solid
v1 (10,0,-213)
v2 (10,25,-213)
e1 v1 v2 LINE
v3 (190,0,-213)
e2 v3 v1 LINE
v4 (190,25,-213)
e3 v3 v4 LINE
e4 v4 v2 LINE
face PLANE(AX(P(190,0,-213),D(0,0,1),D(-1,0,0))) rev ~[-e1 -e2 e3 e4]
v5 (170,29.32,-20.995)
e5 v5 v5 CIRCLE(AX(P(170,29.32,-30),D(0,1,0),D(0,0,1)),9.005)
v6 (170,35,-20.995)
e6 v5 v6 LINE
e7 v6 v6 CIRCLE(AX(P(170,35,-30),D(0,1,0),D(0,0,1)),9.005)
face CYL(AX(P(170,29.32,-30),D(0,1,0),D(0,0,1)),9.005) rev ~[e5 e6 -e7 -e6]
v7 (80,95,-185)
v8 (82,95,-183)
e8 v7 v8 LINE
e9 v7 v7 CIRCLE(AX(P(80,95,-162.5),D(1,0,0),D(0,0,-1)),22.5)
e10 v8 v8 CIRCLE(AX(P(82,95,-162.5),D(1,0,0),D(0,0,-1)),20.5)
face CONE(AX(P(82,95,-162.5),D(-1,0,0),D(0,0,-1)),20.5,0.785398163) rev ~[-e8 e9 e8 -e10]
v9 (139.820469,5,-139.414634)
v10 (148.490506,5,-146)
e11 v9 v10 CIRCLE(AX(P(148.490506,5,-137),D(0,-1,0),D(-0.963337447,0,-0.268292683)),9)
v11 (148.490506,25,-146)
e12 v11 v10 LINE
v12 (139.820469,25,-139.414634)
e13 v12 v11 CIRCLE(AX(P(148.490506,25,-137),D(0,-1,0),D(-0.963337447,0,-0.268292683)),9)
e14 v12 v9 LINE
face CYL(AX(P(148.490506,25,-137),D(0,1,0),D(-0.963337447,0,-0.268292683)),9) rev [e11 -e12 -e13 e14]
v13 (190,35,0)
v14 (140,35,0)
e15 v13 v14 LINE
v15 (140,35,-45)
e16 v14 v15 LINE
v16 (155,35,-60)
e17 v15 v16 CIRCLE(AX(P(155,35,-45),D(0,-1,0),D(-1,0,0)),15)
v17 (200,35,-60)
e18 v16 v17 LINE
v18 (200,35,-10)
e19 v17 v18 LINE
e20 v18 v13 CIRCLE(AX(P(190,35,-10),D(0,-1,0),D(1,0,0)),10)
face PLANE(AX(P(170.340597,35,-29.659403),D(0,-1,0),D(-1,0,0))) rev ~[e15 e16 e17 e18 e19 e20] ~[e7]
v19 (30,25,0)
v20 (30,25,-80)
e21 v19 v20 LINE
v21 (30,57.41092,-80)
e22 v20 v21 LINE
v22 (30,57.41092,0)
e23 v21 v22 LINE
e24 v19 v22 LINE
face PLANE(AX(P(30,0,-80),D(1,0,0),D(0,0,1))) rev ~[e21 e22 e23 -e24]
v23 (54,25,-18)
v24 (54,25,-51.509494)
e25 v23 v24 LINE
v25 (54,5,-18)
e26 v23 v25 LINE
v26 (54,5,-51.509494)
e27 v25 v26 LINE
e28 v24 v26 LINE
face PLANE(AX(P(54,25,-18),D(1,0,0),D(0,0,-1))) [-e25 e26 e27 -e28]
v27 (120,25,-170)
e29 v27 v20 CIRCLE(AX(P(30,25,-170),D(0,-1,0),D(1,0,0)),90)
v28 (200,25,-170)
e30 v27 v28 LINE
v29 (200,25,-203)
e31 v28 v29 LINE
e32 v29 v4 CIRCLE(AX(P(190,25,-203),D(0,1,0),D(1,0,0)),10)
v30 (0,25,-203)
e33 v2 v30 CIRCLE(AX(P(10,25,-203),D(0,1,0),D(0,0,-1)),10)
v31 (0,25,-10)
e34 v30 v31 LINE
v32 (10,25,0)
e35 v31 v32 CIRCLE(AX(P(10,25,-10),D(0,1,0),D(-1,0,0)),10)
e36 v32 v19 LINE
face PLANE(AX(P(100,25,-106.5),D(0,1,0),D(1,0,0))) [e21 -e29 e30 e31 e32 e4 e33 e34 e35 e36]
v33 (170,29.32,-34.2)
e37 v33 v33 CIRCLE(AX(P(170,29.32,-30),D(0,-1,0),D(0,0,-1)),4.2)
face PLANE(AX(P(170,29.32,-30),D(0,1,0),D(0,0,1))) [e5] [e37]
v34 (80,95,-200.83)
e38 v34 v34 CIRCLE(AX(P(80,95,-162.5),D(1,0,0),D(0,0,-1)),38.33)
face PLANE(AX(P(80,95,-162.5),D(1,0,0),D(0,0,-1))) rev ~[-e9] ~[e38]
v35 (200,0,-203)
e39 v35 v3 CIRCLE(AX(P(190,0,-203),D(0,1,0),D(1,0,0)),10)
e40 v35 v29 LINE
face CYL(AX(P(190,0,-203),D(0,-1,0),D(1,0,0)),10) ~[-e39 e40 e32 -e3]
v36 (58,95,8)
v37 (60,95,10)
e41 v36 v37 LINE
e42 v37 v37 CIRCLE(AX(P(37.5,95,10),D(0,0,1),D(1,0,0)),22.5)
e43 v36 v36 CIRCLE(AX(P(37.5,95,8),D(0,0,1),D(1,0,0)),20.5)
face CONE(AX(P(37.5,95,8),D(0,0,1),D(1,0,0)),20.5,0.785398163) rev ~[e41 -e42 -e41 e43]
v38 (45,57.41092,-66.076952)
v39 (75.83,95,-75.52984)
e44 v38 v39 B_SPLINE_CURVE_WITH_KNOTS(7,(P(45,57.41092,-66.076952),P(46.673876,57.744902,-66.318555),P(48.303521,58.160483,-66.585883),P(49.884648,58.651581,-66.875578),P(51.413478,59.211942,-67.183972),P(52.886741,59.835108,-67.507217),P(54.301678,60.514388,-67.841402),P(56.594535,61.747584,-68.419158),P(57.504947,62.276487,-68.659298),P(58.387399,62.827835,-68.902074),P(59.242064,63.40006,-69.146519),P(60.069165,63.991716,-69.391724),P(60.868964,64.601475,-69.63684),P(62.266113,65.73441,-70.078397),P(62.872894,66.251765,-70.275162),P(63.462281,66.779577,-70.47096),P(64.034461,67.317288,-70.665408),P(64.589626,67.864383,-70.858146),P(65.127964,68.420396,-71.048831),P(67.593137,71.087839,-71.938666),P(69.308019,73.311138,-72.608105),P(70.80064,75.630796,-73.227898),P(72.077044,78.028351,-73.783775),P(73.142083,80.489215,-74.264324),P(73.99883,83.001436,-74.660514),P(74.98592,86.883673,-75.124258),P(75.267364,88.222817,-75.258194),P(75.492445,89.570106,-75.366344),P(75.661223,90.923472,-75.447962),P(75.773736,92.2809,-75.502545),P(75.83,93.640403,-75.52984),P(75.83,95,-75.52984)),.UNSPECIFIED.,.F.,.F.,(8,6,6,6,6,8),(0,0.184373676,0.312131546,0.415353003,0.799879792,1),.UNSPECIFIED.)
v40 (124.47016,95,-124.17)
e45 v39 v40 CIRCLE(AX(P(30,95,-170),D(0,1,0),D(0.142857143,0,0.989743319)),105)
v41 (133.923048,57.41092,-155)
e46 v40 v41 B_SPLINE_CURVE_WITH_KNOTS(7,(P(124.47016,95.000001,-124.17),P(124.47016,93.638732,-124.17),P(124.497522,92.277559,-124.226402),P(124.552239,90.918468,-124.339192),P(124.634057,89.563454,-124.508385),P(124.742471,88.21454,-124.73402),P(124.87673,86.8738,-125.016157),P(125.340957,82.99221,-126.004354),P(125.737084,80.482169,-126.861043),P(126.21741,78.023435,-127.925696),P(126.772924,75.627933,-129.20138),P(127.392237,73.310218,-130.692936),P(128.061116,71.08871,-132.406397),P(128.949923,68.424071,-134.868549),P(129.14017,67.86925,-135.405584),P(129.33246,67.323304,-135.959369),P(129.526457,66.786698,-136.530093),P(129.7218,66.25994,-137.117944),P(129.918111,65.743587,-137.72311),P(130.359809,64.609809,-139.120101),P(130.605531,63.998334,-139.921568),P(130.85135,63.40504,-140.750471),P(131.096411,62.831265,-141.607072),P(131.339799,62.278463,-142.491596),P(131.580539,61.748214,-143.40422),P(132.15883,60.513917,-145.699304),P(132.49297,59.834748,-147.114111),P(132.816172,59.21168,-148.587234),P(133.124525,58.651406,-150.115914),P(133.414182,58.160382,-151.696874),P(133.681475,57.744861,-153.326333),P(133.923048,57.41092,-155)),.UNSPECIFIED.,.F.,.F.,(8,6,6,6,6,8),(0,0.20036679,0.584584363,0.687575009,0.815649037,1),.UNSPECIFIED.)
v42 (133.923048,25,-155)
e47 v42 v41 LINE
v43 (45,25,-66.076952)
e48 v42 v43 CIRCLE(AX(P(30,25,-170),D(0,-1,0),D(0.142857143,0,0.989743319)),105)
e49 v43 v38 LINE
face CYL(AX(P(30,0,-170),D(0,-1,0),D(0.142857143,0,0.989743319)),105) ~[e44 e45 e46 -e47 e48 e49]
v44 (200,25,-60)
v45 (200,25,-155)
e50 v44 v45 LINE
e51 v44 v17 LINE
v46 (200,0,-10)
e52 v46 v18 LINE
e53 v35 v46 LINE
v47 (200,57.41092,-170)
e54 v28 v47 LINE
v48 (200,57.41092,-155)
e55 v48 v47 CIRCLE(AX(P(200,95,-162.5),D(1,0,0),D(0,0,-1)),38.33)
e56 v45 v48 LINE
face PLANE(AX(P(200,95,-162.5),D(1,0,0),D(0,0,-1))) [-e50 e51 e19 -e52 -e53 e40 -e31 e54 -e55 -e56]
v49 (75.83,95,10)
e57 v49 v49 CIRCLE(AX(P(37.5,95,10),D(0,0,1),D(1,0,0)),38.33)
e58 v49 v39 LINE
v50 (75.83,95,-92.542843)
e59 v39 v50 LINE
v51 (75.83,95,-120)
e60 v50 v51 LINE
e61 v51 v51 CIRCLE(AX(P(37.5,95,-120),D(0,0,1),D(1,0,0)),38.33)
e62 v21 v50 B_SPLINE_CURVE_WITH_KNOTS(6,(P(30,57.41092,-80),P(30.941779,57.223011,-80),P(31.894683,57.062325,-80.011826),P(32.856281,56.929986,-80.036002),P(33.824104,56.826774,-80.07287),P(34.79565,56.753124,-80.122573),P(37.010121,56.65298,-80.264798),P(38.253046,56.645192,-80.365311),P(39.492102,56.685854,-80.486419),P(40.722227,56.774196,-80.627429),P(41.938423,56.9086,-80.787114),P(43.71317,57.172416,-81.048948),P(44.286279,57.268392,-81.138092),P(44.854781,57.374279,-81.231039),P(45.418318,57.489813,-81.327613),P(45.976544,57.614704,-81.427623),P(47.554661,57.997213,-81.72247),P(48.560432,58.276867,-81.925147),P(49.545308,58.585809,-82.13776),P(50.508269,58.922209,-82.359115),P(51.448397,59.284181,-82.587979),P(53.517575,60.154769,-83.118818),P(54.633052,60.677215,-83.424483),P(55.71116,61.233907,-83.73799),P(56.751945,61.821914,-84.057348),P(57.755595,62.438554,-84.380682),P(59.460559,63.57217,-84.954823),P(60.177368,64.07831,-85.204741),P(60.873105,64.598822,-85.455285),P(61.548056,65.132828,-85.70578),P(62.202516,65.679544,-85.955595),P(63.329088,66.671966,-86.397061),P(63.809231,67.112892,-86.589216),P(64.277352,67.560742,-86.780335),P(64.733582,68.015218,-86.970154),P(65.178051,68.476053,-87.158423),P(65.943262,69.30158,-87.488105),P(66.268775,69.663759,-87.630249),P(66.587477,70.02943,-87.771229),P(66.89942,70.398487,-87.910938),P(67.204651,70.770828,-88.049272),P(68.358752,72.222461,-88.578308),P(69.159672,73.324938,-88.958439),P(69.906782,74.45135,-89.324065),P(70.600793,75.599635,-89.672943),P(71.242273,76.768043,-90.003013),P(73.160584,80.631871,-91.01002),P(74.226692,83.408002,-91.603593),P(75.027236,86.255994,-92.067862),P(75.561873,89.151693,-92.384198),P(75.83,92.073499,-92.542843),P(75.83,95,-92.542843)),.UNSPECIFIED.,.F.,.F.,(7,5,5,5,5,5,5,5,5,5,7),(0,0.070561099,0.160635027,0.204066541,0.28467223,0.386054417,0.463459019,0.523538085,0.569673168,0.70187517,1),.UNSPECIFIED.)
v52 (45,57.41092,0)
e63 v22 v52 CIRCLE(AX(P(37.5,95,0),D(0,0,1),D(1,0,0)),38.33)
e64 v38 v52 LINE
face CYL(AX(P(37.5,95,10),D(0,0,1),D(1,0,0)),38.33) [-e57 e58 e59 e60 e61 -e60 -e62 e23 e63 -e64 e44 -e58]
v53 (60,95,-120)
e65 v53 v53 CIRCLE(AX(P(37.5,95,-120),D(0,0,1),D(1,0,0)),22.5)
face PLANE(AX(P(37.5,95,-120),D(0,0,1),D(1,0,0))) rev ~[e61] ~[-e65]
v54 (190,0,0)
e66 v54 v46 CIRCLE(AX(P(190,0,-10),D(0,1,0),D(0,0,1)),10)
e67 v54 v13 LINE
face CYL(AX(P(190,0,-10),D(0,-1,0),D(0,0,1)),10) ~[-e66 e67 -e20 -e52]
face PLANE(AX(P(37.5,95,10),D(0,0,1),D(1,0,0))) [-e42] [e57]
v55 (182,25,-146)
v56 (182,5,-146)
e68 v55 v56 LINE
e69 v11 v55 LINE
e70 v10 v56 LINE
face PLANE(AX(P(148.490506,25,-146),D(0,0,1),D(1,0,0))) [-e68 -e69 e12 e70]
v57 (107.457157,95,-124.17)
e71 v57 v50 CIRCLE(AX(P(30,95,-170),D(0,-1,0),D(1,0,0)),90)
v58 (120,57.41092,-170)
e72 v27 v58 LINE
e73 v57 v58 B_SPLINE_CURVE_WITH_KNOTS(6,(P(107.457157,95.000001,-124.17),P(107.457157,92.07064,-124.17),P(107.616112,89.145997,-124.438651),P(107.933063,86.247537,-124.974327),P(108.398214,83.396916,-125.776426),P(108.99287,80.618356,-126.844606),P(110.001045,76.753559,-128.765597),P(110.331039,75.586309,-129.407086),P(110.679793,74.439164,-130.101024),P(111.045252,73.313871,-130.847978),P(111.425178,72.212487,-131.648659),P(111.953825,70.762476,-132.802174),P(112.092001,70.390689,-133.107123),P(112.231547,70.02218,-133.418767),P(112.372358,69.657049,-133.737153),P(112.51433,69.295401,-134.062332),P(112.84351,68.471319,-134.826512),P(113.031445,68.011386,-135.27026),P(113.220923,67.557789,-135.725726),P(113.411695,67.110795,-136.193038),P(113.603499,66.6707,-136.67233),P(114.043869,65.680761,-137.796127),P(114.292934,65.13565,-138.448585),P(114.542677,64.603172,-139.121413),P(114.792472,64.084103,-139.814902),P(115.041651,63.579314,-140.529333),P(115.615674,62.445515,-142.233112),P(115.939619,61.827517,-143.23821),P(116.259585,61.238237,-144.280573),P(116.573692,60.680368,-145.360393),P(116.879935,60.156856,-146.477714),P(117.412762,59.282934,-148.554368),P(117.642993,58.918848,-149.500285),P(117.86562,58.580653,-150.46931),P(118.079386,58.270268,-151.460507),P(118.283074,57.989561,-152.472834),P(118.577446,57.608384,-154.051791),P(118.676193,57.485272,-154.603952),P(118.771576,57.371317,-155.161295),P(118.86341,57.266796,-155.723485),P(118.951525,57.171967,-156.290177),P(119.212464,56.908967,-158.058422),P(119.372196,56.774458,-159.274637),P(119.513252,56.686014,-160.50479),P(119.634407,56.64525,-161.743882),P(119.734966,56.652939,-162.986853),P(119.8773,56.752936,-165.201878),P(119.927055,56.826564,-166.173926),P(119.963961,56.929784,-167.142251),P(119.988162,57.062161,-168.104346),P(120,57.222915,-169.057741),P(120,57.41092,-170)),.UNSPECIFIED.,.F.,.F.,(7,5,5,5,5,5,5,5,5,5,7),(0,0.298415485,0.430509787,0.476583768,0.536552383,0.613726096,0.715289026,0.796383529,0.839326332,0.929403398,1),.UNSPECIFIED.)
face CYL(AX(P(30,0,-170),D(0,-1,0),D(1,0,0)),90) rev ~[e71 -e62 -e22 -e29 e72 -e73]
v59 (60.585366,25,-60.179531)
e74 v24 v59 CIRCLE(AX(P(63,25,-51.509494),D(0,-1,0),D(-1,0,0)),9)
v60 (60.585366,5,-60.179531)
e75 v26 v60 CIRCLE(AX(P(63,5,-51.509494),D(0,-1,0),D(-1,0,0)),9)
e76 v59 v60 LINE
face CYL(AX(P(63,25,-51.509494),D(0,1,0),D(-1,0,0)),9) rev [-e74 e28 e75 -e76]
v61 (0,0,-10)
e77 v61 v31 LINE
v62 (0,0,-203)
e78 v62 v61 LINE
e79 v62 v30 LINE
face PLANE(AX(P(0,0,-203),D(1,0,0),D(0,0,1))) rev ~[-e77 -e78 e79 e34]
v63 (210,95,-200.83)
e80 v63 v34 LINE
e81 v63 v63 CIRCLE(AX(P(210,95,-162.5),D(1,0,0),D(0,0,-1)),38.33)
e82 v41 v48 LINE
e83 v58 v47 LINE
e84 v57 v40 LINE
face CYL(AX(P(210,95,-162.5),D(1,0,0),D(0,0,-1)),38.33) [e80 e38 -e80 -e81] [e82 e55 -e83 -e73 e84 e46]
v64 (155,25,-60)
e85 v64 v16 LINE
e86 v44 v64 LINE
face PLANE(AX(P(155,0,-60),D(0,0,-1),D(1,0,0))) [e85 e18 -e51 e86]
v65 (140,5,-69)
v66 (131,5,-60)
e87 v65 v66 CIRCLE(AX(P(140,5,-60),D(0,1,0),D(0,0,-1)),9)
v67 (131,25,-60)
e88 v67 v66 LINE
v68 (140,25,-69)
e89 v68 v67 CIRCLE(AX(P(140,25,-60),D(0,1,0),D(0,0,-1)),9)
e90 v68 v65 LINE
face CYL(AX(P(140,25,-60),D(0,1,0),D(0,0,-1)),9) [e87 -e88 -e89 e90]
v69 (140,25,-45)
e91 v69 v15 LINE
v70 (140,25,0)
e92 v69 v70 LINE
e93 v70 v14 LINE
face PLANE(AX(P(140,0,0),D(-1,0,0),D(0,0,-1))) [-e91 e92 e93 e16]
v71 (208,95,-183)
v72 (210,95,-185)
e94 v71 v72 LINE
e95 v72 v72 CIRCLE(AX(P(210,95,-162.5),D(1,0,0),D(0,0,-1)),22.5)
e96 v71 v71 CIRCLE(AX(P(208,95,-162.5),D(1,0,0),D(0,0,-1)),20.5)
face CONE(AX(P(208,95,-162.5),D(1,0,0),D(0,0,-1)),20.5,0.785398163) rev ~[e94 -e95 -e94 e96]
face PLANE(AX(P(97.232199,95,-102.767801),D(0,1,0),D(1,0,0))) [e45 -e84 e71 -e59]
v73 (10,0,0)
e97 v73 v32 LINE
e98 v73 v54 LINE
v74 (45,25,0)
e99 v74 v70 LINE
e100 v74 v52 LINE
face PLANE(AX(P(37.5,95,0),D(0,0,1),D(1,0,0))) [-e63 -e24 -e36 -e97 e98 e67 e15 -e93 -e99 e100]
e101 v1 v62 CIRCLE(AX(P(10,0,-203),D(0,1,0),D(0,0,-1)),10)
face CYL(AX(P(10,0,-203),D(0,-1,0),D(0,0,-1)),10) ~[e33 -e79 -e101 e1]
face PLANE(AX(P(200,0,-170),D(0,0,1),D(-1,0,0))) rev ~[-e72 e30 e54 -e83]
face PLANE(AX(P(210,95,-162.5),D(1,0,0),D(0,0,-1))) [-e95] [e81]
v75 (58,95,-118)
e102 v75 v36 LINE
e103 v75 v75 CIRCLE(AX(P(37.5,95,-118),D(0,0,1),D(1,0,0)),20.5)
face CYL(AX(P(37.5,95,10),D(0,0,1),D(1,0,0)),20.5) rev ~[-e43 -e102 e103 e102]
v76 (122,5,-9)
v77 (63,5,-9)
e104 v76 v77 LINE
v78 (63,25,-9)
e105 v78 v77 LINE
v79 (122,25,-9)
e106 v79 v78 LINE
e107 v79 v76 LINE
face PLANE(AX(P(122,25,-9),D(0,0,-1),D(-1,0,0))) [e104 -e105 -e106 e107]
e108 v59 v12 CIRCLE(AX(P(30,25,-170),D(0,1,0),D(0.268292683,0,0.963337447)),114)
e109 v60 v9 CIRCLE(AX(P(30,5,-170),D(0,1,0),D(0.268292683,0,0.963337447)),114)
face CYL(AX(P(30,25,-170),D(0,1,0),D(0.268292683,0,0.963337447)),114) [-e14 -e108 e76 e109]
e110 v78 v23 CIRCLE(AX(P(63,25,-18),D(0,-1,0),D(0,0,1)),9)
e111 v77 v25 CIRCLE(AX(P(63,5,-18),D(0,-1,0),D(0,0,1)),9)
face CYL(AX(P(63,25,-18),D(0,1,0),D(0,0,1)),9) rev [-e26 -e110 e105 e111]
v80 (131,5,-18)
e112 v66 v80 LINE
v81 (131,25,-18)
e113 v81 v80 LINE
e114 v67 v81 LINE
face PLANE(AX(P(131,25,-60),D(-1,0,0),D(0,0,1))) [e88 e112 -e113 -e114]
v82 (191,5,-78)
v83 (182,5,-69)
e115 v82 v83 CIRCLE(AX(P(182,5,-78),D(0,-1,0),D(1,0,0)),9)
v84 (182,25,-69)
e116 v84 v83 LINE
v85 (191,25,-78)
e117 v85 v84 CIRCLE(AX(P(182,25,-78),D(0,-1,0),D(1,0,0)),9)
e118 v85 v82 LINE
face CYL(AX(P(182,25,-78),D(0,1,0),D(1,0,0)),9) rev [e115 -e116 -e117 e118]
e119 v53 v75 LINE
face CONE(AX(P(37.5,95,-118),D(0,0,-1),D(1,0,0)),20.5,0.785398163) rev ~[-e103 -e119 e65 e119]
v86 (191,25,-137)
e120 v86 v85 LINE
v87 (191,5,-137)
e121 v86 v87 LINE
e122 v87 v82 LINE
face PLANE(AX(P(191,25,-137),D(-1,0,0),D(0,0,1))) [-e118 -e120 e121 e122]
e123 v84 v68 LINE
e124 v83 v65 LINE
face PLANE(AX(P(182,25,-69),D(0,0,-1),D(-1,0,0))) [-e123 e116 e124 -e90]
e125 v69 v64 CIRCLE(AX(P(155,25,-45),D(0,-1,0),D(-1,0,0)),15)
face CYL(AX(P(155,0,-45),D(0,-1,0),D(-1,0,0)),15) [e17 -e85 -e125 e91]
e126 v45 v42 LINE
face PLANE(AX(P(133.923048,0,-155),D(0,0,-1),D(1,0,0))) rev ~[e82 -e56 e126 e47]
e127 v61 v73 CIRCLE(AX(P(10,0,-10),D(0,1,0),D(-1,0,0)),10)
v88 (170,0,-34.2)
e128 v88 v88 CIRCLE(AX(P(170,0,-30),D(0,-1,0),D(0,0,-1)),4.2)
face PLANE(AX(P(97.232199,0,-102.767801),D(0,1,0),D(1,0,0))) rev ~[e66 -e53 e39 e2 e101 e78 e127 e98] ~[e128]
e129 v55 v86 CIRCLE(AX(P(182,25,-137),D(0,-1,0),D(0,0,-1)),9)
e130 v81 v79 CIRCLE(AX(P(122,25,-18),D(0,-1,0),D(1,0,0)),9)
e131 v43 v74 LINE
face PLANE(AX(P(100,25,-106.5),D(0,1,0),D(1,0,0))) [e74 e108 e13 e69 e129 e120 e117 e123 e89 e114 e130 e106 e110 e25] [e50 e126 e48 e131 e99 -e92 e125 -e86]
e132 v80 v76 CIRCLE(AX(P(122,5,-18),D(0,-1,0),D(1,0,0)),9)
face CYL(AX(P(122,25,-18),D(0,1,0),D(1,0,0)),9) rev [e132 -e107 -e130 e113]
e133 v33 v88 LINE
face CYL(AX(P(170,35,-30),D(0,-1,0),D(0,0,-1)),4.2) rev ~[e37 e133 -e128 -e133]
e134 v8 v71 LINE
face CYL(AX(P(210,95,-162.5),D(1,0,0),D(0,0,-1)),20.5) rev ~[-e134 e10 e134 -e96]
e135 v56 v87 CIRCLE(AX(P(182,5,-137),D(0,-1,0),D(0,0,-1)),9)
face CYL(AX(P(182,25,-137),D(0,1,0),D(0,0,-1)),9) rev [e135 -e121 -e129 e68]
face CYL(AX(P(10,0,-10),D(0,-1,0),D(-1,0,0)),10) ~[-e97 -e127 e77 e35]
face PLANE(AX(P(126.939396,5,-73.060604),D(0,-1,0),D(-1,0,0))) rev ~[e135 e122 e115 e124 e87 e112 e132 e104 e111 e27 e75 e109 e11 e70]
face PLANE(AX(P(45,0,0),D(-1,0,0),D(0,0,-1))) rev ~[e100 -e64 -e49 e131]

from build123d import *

# Parameters (mm, degrees)
BOSS_EXTRUDE1_DEPTH                     = 25
BOSS_EXTRUDE2_START                     = -25
BOSS_EXTRUDE2_DEPTH                     = 35
CBORE_FOR_M8_HEX_HEAD_BOLT2_D           = 8.4
CBORE_FOR_M8_HEX_HEAD_BOLT2_CBORE_D     = 18.01
CBORE_FOR_M8_HEX_HEAD_BOLT2_CBORE_DEPTH = 5.68
CUT_EXTRUDE1_DEPTH                      = 20
BOSS_EXTRUDE3_START                     = -25
BOSS_EXTRUDE3_DEPTH                     = 95
SKETCH10_R                              = 38.33
SKETCH10_R_2                            = 20.5
BOSS_EXTRUDE4_DEPTH                     = 120
CUT_EXTRUDE2_DEPTH                      = 130
SKETCH12_R                              = 38.33
SKETCH12_R_2                            = 20.5
BOSS_EXTRUDE5_DEPTH                     = 120
CUT_EXTRUDE3_DEPTH                      = 130
BOSS_EXTRUDE6_START                     = 10
SKETCH10_2_R                            = 38.33
SKETCH10_2_R_2                          = 20.5
BOSS_EXTRUDE6_DEPTH                     = 10
BOSS_EXTRUDE7_START                     = 10
SKETCH12_3_R                            = 38.33
SKETCH12_3_R_2                          = 20.5
BOSS_EXTRUDE7_DEPTH                     = 10
CHAMFER1_SIZE                           = 2


with BuildPart() as part:
    # Sketch1 → Boss-Extrude1 (new body)
    with BuildSketch(Plane(origin=(0, 0, 0), x_dir=(1, 0, 0), z_dir=(0, 1, 0))):
        with BuildLine():
            Line((10, 0), (190, 0))
            ThreePointArc((190, 0), (197.071067812, 2.928932188), (200, 10))
            Line((200, 10), (200, 203))
            ThreePointArc((200, 203), (197.071067812, 210.071067812), (190, 213))
            Line((190, 213), (10, 213))
            ThreePointArc((10, 213), (2.928932188, 210.071067812), (0, 203))
            Line((0, 203), (0, 10))
            ThreePointArc((0, 10), (2.928932188, 2.928932188), (10, 0))
        make_face()
    extrude(amount=BOSS_EXTRUDE1_DEPTH)

    # Sketch2 → Boss-Extrude2 (add)
    with BuildSketch(Plane(origin=(0, 25, 0), x_dir=(1, 0, 0), z_dir=(0, 1, 0)).offset(BOSS_EXTRUDE2_START)):
        with BuildLine():
            Line((155, 60), (200, 60))
            Line((200, 60), (200, 10))
            ThreePointArc((200, 10), (197.071067812, 2.928932188), (190, 0))
            Line((190, 0), (140, 0))
            Line((140, 0), (140, 45))
            ThreePointArc((140, 45), (144.393398282, 55.606601718), (155, 60))
        make_face()
    extrude(amount=BOSS_EXTRUDE2_DEPTH)

    # CBORE for M8 Hex Head Bolt2 (through all)
    with Locations(Plane(origin=(170, 35, -30), x_dir=(0, 0, 1), z_dir=(0, 1, 0))):
        with Locations((0, 0)):
            CounterBoreHole(CBORE_FOR_M8_HEX_HEAD_BOLT2_D / 2, CBORE_FOR_M8_HEX_HEAD_BOLT2_CBORE_D / 2, CBORE_FOR_M8_HEX_HEAD_BOLT2_CBORE_DEPTH)

    # Sketch9 → Cut-Extrude1 (cut)
    with BuildSketch(Plane(origin=(0, 25, 0), x_dir=(1, 0, 0), z_dir=(0, 1, 0))):
        with BuildLine():
            ThreePointArc((54, 51.509494051), (55.833002466, 56.953219461), (60.585365854, 60.179531072))
            ThreePointArc((60.585365854, 60.179531072), (110.610173055, 89.389826945), (139.820468928, 139.414634146))
            ThreePointArc((139.820468928, 139.414634146), (143.046780539, 144.166997534), (148.490505949, 146))
            Line((148.490505949, 146), (182, 146))
            ThreePointArc((182, 146), (188.363961031, 143.363961031), (191, 137))
            Line((191, 137), (191, 78))
            ThreePointArc((191, 78), (188.363961031, 71.636038969), (182, 69))
            Line((182, 69), (140, 69))
            ThreePointArc((140, 69), (133.636038969, 66.363961031), (131, 60))
            Line((131, 60), (131, 18))
            ThreePointArc((131, 18), (128.363961031, 11.636038969), (122, 9))
            Line((122, 9), (63, 9))
            ThreePointArc((63, 9), (56.636038969, 11.636038969), (54, 18))
            Line((54, 18), (54, 51.509494051))
        make_face()
    extrude(amount=-CUT_EXTRUDE1_DEPTH, mode=Mode.SUBTRACT)

    # Sketch9<3> → Boss-Extrude3 (add)
    with BuildSketch(Plane(origin=(0, 25, 0), x_dir=(1, 0, 0), z_dir=(0, 1, 0)).offset(BOSS_EXTRUDE3_START)):
        with BuildLine():
            Line((200, 155), (200, 170))
            Line((200, 170), (120, 170))
            ThreePointArc((120, 170), (93.639610307, 106.360389693), (30, 80))
            Line((30, 80), (30, 0))
            Line((30, 0), (45, 0))
            Line((45, 0), (45, 66.076951546))
            ThreePointArc((45, 66.076951546), (104.246212025, 95.753787975), (133.923048454, 155))
            Line((133.923048454, 155), (200, 155))
        make_face()
    extrude(amount=BOSS_EXTRUDE3_DEPTH)

    # Sketch10 → Boss-Extrude4 (add)
    with BuildSketch(Plane(origin=(200, 0, 0), x_dir=(0, 0, -1), z_dir=(1, 0, 0))):
        with Locations((162.5, 95)):
            Circle(SKETCH10_R)
        with Locations((162.5, 95)):
            Circle(SKETCH10_R_2, mode=Mode.SUBTRACT)
    extrude(amount=-BOSS_EXTRUDE4_DEPTH)

    # Sketch11 → Cut-Extrude2 (cut)
    with BuildSketch(Plane(origin=(200, 0, 0), x_dir=(0, 0, -1), z_dir=(1, 0, 0))):
        with BuildLine():
            Line((142, 95), (170, 95))
            Line((170, 95), (170, 75.921215972))
            ThreePointArc((170, 75.921215972), (150.956603619, 78.058925654), (142, 95))
        make_face()
    extrude(amount=-CUT_EXTRUDE2_DEPTH, mode=Mode.SUBTRACT)

    # Sketch12 → Boss-Extrude5 (add)
    with BuildSketch(Plane.XY):
        with Locations((37.5, 95)):
            Circle(SKETCH12_R)
        with Locations((37.5, 95)):
            Circle(SKETCH12_R_2, mode=Mode.SUBTRACT)
    extrude(amount=-BOSS_EXTRUDE5_DEPTH)

    # Sketch13 → Cut-Extrude3 (cut)
    with BuildSketch(Plane.XY):
        with BuildLine():
            Line((25.688032589, 78.245077563), (25.688032589, 100.102181985))
            Line((25.688032589, 100.102181985), (51.572180065, 100.102181985))
            Line((51.572180065, 100.102181985), (58, 95))
            ThreePointArc((58, 95), (46.936754423, 76.80116306), (25.688032589, 78.245077563))
        make_face()
    extrude(amount=-CUT_EXTRUDE3_DEPTH, mode=Mode.SUBTRACT)

    # Sketch10<2> → Boss-Extrude6 (add)
    with BuildSketch(Plane(origin=(200, 0, 0), x_dir=(0, 0, -1), z_dir=(1, 0, 0)).offset(BOSS_EXTRUDE6_START)):
        with Locations((162.5, 95)):
            Circle(SKETCH10_2_R)
        with Locations((162.5, 95)):
            Circle(SKETCH10_2_R_2, mode=Mode.SUBTRACT)
    extrude(amount=-BOSS_EXTRUDE6_DEPTH)

    # Sketch12<3> → Boss-Extrude7 (add)
    with BuildSketch(Plane.XY.offset(BOSS_EXTRUDE7_START)):
        with Locations((37.5, 95)):
            Circle(SKETCH12_3_R)
        with Locations((37.5, 95)):
            Circle(SKETCH12_3_R_2, mode=Mode.SUBTRACT)
    extrude(amount=-BOSS_EXTRUDE7_DEPTH)

    # Chamfer1
    chamfer1_edges = [part.edges().sort_by_distance(p)[0] for p in [
        (80, 95, -142),
        (17, 95, -120),
        (210, 95, -142),
        (17, 95, 10),
    ]]
    chamfer(chamfer1_edges, length=CHAMFER1_SIZE)


solid = part.part
